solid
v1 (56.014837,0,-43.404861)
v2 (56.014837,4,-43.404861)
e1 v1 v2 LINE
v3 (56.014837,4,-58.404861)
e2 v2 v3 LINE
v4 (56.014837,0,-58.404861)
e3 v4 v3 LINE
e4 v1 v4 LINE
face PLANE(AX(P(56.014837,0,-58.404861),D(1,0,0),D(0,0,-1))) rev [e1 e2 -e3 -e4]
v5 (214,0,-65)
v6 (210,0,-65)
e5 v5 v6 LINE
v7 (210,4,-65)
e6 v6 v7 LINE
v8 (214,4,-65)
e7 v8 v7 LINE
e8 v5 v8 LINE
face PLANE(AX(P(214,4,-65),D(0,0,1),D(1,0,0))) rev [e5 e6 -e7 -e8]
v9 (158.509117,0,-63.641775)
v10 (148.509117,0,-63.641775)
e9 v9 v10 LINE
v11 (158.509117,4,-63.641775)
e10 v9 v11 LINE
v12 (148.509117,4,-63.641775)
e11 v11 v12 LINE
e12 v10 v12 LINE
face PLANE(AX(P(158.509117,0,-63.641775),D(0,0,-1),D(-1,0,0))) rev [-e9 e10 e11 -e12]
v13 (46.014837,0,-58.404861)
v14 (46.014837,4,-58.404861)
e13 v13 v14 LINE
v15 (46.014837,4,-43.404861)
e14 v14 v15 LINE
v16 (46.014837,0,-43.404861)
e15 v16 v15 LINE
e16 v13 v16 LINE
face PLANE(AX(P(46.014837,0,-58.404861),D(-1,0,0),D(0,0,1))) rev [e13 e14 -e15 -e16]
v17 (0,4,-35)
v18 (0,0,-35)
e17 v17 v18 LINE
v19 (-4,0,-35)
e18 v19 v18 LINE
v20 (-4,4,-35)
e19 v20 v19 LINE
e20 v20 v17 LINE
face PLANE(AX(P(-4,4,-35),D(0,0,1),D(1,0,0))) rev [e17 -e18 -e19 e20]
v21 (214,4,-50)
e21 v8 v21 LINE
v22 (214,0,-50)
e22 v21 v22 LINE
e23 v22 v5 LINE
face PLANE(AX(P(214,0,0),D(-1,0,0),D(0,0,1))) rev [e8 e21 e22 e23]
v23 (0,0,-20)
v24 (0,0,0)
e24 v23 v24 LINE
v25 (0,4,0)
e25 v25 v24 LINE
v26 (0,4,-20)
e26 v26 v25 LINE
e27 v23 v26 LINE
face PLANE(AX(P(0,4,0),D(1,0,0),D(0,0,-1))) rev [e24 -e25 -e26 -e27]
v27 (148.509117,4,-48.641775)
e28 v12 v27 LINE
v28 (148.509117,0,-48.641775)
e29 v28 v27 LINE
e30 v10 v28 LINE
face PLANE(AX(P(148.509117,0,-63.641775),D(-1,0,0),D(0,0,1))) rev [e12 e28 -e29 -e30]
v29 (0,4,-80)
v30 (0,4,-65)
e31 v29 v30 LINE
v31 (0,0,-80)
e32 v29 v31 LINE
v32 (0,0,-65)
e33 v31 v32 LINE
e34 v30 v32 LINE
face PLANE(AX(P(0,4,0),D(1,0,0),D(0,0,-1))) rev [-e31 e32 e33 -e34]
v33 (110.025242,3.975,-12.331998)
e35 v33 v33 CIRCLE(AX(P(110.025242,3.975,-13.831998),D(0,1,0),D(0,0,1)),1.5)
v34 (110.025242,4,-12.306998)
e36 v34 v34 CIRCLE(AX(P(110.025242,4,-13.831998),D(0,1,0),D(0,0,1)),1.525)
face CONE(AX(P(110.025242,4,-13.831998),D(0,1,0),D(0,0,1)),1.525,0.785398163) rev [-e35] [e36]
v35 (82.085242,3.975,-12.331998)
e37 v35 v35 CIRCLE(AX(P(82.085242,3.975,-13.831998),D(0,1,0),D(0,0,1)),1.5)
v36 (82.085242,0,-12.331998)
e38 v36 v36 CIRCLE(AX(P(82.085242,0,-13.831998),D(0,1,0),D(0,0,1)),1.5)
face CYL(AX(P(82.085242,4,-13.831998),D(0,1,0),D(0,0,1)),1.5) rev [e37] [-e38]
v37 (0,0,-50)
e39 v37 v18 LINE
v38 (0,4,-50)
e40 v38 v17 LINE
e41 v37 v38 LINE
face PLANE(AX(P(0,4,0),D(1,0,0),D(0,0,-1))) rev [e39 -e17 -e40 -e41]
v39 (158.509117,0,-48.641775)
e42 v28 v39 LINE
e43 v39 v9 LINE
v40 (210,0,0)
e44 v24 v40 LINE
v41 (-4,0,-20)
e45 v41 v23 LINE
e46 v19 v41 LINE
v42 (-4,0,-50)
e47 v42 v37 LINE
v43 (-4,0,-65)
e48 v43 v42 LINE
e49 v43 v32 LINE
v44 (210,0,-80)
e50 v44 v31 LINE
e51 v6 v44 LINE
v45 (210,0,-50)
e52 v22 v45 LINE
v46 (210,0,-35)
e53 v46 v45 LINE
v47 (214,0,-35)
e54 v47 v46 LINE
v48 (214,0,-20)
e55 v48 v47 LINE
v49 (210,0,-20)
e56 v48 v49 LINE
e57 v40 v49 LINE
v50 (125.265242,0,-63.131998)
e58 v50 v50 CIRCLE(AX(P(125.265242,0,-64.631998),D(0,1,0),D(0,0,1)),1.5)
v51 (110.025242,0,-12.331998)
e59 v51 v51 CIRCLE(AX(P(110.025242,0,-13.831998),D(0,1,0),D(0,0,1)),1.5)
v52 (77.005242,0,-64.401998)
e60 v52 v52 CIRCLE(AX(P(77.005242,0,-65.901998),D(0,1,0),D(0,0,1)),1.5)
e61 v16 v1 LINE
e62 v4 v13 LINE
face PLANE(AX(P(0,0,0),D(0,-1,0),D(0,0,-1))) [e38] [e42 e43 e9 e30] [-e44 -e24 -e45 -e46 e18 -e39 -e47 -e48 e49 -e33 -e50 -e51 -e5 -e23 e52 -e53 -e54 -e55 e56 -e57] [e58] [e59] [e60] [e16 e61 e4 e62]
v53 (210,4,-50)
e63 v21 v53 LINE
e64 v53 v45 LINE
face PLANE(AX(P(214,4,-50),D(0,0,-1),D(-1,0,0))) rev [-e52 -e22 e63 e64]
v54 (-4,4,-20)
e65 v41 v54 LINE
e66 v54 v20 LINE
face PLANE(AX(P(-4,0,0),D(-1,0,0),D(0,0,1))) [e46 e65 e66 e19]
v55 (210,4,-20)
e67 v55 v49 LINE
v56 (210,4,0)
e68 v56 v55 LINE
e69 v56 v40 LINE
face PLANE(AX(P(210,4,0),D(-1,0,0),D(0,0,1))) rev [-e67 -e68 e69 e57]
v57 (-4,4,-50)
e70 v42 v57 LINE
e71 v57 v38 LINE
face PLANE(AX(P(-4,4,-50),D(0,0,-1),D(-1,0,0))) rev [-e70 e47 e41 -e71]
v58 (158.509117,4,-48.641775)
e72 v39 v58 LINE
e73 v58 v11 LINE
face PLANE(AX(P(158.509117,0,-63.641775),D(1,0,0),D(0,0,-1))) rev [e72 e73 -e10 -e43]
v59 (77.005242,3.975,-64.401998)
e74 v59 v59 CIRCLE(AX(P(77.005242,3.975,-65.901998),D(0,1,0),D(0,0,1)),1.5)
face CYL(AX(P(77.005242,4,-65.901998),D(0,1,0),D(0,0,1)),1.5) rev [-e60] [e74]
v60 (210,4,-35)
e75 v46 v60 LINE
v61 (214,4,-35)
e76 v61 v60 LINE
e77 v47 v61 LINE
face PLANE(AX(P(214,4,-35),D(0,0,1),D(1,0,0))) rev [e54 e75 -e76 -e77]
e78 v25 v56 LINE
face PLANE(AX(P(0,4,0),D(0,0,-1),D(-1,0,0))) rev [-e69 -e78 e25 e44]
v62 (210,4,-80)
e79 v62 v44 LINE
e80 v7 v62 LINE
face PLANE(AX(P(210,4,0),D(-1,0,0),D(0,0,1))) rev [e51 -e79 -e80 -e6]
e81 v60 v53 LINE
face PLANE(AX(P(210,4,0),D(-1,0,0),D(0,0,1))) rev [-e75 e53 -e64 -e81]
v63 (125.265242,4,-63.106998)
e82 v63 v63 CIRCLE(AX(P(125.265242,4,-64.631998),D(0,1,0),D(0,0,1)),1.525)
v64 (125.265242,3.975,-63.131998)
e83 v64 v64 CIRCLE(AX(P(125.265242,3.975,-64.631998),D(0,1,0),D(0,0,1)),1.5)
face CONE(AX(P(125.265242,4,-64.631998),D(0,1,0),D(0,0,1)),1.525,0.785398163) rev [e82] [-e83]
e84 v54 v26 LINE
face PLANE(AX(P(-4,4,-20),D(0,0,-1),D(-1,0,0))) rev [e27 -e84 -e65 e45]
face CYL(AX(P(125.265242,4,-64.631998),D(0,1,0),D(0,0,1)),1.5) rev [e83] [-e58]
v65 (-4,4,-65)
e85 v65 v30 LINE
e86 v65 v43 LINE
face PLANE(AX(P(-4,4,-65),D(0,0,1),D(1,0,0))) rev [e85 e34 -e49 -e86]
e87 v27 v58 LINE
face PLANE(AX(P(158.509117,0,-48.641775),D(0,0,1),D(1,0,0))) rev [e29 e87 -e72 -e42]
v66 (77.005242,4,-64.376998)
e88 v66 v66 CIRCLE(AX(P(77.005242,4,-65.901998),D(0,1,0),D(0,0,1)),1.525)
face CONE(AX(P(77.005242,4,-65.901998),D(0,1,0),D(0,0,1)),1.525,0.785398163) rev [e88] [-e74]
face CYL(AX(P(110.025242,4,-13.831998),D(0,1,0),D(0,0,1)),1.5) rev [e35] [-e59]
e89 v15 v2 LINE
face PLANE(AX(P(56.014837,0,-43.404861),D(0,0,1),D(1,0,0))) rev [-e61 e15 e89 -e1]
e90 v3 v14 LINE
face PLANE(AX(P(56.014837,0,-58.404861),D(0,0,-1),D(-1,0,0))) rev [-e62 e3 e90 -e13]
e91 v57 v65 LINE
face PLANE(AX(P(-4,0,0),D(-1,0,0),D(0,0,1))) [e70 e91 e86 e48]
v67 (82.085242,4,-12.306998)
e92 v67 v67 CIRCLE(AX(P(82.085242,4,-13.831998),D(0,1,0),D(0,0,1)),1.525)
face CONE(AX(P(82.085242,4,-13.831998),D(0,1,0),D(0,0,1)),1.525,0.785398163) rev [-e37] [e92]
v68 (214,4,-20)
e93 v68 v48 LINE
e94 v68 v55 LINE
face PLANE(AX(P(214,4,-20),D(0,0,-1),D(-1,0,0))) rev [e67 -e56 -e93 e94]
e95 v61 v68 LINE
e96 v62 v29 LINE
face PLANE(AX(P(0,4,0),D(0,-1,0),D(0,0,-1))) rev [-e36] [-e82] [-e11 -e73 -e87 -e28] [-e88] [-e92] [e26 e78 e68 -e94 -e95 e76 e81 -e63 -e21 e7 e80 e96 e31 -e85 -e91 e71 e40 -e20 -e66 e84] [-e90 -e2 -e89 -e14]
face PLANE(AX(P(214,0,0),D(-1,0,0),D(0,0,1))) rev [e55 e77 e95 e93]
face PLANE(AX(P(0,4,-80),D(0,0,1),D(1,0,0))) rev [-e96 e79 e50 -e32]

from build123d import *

# Parameters (mm, degrees)
SKETCH1_W                       = 210
SKETCH1_H                       = 80
BOSS_EXTRUDE1_DEPTH             = 4
SKETCH2_W                       = 10
SKETCH2_H                       = 15
CUT_EXTRUDE1_DEPTH              = 225.757647256
SKETCH3_W                       = 15
SKETCH3_H                       = 4
BOSS_EXTRUDE2_DEPTH             = 4
SKETCH4_W                       = 15
SKETCH4_H                       = 4
BOSS_EXTRUDE3_DEPTH             = 4
F_3_0MM_DOWEL_HOLE1_D           = 3
F_3_0MM_DOWEL_HOLE1_CSINK_D     = 3.05
F_3_0MM_DOWEL_HOLE1_CSINK_ANGLE = 90


with BuildPart() as part:
    # Sketch1 → Boss-Extrude1 (new body)
    with BuildSketch(Plane(origin=(0, 0, 0), x_dir=(1, 0, 0), z_dir=(0, 1, 0))):
        with Locations((105, 40)):
            Rectangle(SKETCH1_W, SKETCH1_H)
    extrude(amount=BOSS_EXTRUDE1_DEPTH)

    # Sketch2 → Cut-Extrude1 (cut, through all)
    with BuildSketch(Plane(origin=(0, 4, 0), x_dir=(1, 0, 0), z_dir=(0, 1, 0))):
        with Locations((153.509116539, 56.141774946)):
            Rectangle(SKETCH2_W, SKETCH2_H)
        with Locations((51.014837185, 50.904860517)):
            Rectangle(SKETCH2_W, SKETCH2_H)
    extrude(amount=-CUT_EXTRUDE1_DEPTH, mode=Mode.SUBTRACT)

    # Sketch3 → Boss-Extrude2 (add)
    with BuildSketch(Plane.ZY):
        with Locations((-57.5, 2)):
            Rectangle(SKETCH3_W, SKETCH3_H)
        with Locations((-27.5, 2)):
            Rectangle(SKETCH3_W, SKETCH3_H)
    extrude(amount=BOSS_EXTRUDE2_DEPTH)

    # Sketch4 → Boss-Extrude3 (add)
    with BuildSketch(Plane(origin=(210, 0, 0), x_dir=(0, 0, -1), z_dir=(1, 0, 0))):
        with Locations((57.5, 2)):
            Rectangle(SKETCH4_W, SKETCH4_H)
        with Locations((27.5, 2)):
            Rectangle(SKETCH4_W, SKETCH4_H)
    extrude(amount=BOSS_EXTRUDE3_DEPTH)

    # Ø3.0mm Dowel Hole1 (through all)
    with Locations(Plane(origin=(0, 4, 0), x_dir=(1, 0, 0), z_dir=(0, 1, 0))):
        with Locations((125.265241585, 64.631998291), (77.005241585, 65.901998291), (82.085241585, 13.831998291), (110.025241585, 13.831998291)):
            CounterSinkHole(F_3_0MM_DOWEL_HOLE1_D / 2, F_3_0MM_DOWEL_HOLE1_CSINK_D / 2, counter_sink_angle=F_3_0MM_DOWEL_HOLE1_CSINK_ANGLE)


solid = part.part
